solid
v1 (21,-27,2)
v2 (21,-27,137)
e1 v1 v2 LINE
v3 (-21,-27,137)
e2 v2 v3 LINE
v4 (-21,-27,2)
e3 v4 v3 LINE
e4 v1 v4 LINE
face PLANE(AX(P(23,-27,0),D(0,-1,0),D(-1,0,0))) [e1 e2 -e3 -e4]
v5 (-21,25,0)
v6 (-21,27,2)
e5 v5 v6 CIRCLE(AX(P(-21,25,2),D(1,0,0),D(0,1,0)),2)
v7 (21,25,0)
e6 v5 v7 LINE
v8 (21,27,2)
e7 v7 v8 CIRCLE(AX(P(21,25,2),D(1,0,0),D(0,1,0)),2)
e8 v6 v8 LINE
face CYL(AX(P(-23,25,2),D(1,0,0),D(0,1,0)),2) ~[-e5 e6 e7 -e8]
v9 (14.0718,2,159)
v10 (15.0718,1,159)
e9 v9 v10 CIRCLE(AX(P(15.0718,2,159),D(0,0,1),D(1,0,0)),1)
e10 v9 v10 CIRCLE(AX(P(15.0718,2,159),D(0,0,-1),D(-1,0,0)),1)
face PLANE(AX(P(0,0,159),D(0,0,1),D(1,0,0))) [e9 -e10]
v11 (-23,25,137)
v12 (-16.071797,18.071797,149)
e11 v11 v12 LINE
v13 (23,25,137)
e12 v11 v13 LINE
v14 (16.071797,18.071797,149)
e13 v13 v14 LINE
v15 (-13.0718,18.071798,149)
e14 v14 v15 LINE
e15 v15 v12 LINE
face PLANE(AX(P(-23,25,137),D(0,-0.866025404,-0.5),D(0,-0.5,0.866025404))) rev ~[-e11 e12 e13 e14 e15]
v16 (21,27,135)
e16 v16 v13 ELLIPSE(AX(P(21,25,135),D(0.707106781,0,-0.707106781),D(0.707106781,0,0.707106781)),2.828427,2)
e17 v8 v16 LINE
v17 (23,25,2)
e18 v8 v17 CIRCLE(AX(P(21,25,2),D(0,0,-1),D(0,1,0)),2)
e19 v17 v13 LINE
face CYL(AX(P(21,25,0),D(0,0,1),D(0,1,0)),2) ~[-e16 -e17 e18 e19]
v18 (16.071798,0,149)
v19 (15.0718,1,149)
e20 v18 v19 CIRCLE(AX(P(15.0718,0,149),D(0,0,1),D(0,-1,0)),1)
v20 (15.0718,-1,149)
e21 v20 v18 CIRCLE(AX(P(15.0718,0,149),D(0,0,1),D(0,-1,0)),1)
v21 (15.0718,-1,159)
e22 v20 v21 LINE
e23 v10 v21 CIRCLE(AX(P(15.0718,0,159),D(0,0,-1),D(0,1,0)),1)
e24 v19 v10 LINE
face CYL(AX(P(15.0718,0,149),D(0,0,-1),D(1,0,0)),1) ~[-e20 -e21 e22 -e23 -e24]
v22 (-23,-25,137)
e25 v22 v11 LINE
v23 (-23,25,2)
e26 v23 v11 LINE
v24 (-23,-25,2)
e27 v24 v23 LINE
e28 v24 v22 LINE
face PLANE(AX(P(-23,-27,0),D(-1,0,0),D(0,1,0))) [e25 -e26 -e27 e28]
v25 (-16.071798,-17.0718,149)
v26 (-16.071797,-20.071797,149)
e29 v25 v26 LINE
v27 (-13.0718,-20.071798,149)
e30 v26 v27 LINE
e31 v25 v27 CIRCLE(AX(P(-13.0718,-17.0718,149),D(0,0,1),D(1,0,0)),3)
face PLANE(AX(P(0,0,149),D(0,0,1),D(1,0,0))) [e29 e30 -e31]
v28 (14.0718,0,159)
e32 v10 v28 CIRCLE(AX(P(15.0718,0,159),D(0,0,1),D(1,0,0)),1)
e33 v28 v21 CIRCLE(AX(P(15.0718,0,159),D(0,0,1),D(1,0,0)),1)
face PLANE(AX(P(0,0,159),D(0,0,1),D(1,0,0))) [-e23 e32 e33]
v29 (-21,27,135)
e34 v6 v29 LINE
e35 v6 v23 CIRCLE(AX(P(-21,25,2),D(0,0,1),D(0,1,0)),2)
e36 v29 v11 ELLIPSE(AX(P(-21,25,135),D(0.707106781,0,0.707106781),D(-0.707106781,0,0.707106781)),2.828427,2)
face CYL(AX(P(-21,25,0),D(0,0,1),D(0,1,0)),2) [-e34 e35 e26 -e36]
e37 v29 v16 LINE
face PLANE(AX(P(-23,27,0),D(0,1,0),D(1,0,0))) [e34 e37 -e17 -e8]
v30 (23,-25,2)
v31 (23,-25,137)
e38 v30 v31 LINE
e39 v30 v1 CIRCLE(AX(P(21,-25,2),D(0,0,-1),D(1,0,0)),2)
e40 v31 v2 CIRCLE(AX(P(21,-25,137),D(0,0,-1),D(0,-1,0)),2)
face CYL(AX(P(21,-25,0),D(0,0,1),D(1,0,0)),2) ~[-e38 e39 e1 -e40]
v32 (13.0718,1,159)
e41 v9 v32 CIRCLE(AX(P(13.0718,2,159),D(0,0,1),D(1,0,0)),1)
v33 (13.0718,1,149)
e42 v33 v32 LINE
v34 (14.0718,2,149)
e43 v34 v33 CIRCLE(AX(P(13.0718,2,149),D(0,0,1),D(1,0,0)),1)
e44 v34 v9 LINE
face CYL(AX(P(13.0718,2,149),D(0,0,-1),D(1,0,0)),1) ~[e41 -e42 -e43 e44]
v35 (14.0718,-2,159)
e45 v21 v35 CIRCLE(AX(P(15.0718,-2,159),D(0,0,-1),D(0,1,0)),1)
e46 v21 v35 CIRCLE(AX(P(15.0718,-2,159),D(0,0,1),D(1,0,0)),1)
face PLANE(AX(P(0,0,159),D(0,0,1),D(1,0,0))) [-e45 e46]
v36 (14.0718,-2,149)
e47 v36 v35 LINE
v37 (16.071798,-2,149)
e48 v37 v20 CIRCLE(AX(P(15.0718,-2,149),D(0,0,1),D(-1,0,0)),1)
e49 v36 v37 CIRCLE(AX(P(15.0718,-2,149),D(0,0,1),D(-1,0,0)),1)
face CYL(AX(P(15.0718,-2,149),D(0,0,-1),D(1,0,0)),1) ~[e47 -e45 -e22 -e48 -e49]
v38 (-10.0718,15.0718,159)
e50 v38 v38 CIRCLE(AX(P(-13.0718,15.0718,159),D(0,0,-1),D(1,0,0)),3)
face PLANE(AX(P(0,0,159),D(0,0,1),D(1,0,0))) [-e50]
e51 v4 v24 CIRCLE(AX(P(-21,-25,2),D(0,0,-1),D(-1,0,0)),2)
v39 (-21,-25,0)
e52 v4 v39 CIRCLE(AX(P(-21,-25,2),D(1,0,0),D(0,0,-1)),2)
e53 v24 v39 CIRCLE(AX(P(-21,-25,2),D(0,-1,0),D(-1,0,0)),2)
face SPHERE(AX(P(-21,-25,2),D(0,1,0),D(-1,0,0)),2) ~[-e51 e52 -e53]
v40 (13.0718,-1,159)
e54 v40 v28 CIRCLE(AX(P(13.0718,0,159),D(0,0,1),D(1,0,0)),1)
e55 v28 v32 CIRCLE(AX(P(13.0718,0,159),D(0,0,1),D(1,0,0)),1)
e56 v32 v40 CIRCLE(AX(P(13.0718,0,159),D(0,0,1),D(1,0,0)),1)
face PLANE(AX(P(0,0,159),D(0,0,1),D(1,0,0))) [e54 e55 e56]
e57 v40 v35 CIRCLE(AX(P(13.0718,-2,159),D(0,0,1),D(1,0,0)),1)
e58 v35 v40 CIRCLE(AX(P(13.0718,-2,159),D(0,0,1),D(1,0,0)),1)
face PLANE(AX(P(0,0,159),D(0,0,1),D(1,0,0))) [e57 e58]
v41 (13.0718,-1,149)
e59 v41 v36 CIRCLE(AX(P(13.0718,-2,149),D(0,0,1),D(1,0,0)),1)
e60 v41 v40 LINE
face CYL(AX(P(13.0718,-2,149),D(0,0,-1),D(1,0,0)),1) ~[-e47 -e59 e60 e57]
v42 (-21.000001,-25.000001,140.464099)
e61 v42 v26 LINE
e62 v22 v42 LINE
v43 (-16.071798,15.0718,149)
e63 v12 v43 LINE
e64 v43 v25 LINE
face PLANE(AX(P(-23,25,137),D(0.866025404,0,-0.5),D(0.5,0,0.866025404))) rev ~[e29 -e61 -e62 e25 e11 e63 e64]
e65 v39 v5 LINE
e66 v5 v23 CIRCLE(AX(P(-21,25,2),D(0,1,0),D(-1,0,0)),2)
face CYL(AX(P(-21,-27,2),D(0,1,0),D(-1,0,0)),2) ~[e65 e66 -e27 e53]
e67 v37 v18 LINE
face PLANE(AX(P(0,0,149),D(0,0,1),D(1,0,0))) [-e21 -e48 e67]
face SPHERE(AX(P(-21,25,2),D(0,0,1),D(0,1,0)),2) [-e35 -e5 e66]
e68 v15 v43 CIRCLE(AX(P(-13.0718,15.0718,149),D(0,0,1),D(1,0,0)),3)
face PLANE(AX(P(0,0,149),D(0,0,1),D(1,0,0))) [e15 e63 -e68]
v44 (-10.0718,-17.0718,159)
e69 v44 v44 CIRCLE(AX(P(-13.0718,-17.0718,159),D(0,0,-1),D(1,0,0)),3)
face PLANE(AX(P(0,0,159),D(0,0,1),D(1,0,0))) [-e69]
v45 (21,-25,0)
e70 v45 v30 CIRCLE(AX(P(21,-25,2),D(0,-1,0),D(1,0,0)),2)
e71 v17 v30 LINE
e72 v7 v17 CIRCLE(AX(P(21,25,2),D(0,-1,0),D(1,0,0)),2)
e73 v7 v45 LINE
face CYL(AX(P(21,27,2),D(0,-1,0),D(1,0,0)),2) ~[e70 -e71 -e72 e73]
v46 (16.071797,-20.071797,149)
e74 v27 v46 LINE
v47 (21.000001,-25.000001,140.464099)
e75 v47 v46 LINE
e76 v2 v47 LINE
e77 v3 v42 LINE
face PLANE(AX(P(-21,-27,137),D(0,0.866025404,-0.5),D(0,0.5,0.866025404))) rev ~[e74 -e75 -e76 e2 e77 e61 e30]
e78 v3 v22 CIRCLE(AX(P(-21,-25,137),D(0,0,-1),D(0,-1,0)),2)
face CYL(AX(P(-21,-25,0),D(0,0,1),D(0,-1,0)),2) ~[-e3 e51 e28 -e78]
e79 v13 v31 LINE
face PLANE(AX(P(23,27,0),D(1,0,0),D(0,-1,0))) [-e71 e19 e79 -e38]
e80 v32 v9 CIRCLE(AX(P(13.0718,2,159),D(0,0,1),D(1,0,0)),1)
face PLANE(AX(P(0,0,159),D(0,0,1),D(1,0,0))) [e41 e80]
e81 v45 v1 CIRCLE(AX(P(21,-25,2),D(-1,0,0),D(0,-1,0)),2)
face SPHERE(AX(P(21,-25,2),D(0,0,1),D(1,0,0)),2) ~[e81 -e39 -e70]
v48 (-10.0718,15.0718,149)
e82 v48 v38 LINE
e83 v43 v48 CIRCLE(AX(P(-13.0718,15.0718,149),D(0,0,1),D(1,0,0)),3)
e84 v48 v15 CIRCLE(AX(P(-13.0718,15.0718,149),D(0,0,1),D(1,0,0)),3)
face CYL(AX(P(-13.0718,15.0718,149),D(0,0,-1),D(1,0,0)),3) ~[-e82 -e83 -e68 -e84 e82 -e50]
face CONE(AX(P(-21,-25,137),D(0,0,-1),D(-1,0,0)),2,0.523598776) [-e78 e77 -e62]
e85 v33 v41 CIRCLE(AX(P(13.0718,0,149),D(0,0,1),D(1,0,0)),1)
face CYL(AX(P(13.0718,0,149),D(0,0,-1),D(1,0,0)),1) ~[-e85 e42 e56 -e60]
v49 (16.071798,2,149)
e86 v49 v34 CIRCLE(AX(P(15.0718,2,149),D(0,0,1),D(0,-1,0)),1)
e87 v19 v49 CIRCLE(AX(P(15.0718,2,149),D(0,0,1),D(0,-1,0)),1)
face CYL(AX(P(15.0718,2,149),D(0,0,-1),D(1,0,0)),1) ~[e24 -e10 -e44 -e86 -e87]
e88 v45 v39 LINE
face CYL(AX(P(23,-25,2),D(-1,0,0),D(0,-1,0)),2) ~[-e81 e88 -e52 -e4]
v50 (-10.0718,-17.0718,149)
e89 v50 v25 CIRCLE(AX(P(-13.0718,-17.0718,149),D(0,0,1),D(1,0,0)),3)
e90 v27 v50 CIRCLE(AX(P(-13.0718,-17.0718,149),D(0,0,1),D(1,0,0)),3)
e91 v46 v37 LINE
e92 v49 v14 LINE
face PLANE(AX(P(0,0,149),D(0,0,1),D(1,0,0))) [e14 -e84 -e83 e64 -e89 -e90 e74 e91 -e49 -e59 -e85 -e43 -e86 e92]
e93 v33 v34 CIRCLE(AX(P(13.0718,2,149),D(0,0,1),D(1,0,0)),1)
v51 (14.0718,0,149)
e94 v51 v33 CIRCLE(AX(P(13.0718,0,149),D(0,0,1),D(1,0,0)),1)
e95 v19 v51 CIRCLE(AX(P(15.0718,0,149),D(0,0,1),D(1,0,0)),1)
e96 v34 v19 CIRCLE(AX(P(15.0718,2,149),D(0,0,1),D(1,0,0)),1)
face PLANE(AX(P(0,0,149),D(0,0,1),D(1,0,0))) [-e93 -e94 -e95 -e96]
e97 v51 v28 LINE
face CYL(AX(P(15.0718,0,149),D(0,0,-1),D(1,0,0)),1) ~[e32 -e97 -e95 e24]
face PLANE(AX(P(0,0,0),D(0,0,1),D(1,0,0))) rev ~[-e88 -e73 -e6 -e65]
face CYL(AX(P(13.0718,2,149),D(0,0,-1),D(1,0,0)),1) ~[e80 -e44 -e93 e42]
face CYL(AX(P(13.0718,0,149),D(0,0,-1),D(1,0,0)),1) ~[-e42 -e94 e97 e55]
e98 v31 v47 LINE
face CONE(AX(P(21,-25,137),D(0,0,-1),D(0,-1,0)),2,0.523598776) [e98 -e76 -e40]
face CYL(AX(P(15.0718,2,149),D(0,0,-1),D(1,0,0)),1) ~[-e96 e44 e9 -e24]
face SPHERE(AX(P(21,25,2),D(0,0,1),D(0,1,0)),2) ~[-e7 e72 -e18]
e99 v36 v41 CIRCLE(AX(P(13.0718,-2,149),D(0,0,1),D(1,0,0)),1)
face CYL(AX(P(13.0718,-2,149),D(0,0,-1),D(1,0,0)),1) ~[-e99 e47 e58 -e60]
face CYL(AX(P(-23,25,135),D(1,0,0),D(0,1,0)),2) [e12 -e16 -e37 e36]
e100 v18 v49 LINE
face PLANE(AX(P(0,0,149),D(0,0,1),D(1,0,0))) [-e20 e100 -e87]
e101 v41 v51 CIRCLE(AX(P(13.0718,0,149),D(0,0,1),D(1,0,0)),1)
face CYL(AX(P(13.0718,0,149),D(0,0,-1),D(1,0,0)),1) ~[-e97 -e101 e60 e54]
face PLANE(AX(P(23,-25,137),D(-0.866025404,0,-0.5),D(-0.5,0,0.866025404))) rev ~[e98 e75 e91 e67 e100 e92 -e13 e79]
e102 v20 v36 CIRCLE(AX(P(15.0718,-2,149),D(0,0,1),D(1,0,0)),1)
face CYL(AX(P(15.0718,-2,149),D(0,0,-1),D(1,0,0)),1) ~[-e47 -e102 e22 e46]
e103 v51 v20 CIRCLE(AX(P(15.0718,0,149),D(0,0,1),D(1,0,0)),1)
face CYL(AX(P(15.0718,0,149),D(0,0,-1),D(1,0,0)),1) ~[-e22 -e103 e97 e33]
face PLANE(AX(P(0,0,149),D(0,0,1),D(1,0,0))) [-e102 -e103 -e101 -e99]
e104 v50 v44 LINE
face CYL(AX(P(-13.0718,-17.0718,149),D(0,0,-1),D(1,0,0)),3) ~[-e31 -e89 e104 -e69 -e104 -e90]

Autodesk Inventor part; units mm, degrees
ref_plane "YZ Plane" through (0, 0, 0) normal (1, 0, 0) x (0, 1, 0)
ref_plane "XZ Plane" through (0, 0, 0) normal (0, 1, 0) x (-1, 0, 0)
ref_plane "XY Plane" through (0, 0, 0) normal (0, 0, 1) x (1, 0, 0)
sketch "Sketch1" plane through (0, 0, 0) normal (0, 0, 1) x (1, 0, 0)
  line L0 (-23, 27) -> (23, 27)
  line L1 (23, 27) -> (23, -27)
  line L2 (23, -27) -> (-23, -27)
  line L3 (-23, -27) -> (-23, 27)
  line L4 (-23, 27) -> (23, -27) construction
  line L5 (23, 27) -> (-23, -27) construction
  point P0 (0, 0)
  dimension "d0" = 46
  dimension "d1" = 54
extrude "Extrusion1" add sketch "Sketch1" along normal blind 137
fillet "Fillet1" radius 2 9 edges at (-23, 27, 68.5) (0, 27, 137) (23, 27, 68.5) (0, 27, 0) (23, -27, 68.5) (23, 0, 0) (-23, 0, 0) (-23, -27, 68.5) (0, -27, 0)
sketch "Sketch2" plane through (-23, 27, 0) normal (0, 1, 0) x (1, 0, 0)
  line L0 (2, -131.2678) -> (2, -4.2112) construction
  line L1 (2, -4.2112) -> (44, -4.2112) construction
  line L2 (44, -4.2112) -> (44, -131.2678) construction
  line L3 (44, -131.2678) -> (2, -131.2678) construction
  line L4 (2, -135) -> (2, -2) projected
  line L5 (44, -2) -> (44, -135) projected
  point P0 (23, 0)
sketch "Sketch3" plane through (0, 0, 137) normal (0, 0, 1) x (1, 0, 0)
  arc A0 (-23, -25) -> (-21, -27) centre (-21, -25) ccw projected
  line L0 (-21, -27) -> (21, -27) projected
  arc A1 (21, -27) -> (23, -25) centre (21, -25) ccw projected
  line L1 (23, -25) -> (23, 25) projected
  line L2 (-23, 25) -> (23, 25) projected
  line L3 (-23, 25) -> (-23, -25) projected
  point P0 (0, 0)
extrude "Extrusion2" add sketch "Sketch3" along normal blind 12 draft -30
sketch "Sketch4" plane through (0, 0, 149) normal (0, 0, 1) x (1, 0, 0)
  circle A0 centre (-13.0718, 15.0718) radius 3
  circle A1 centre (-13.0718, -17.0718) radius 3
  line L0 (-16.0718, 18.0718) -> (16.0718, 18.0718) projected
  line L1 (-16.0718, -20.0718) -> (-16.0718, 18.0718) projected
  line L2 (16.0718, 18.0718) -> (16.0718, -20.0718) projected
  circle A2 centre (13.0718, 0) radius 1
  circle A3 centre (15.0718, 0) radius 1
  circle A4 centre (15.0718, 2) radius 1
  circle A5 centre (13.0718, 2) radius 1
  line L3 (16.0718, -20.0718) -> (-16.0718, -20.0718) projected
  circle A6 centre (13.0718, -2) radius 1
  circle A7 centre (15.0718, -2) radius 1
  line L4 (0, 0) -> (13.0718, 0) construction
  point P0 (13.0718, 1)
  point P1 (14.0718, 2)
  point P2 (15.0718, 1)
  point P3 (14.0718, 0)
  point P4 (14.0718, -2)
  dimension "d45" = 6
  dimension "d46" = 6
  dimension "d48" = 2
extrude "Extrusion3" add sketch "Sketch4" along normal blind 10 contours A0 | A1 | A4 | A3 | A5 | A7 | A2 | A6
properties part number "Lipo Battery CNHL 4000mAh"
